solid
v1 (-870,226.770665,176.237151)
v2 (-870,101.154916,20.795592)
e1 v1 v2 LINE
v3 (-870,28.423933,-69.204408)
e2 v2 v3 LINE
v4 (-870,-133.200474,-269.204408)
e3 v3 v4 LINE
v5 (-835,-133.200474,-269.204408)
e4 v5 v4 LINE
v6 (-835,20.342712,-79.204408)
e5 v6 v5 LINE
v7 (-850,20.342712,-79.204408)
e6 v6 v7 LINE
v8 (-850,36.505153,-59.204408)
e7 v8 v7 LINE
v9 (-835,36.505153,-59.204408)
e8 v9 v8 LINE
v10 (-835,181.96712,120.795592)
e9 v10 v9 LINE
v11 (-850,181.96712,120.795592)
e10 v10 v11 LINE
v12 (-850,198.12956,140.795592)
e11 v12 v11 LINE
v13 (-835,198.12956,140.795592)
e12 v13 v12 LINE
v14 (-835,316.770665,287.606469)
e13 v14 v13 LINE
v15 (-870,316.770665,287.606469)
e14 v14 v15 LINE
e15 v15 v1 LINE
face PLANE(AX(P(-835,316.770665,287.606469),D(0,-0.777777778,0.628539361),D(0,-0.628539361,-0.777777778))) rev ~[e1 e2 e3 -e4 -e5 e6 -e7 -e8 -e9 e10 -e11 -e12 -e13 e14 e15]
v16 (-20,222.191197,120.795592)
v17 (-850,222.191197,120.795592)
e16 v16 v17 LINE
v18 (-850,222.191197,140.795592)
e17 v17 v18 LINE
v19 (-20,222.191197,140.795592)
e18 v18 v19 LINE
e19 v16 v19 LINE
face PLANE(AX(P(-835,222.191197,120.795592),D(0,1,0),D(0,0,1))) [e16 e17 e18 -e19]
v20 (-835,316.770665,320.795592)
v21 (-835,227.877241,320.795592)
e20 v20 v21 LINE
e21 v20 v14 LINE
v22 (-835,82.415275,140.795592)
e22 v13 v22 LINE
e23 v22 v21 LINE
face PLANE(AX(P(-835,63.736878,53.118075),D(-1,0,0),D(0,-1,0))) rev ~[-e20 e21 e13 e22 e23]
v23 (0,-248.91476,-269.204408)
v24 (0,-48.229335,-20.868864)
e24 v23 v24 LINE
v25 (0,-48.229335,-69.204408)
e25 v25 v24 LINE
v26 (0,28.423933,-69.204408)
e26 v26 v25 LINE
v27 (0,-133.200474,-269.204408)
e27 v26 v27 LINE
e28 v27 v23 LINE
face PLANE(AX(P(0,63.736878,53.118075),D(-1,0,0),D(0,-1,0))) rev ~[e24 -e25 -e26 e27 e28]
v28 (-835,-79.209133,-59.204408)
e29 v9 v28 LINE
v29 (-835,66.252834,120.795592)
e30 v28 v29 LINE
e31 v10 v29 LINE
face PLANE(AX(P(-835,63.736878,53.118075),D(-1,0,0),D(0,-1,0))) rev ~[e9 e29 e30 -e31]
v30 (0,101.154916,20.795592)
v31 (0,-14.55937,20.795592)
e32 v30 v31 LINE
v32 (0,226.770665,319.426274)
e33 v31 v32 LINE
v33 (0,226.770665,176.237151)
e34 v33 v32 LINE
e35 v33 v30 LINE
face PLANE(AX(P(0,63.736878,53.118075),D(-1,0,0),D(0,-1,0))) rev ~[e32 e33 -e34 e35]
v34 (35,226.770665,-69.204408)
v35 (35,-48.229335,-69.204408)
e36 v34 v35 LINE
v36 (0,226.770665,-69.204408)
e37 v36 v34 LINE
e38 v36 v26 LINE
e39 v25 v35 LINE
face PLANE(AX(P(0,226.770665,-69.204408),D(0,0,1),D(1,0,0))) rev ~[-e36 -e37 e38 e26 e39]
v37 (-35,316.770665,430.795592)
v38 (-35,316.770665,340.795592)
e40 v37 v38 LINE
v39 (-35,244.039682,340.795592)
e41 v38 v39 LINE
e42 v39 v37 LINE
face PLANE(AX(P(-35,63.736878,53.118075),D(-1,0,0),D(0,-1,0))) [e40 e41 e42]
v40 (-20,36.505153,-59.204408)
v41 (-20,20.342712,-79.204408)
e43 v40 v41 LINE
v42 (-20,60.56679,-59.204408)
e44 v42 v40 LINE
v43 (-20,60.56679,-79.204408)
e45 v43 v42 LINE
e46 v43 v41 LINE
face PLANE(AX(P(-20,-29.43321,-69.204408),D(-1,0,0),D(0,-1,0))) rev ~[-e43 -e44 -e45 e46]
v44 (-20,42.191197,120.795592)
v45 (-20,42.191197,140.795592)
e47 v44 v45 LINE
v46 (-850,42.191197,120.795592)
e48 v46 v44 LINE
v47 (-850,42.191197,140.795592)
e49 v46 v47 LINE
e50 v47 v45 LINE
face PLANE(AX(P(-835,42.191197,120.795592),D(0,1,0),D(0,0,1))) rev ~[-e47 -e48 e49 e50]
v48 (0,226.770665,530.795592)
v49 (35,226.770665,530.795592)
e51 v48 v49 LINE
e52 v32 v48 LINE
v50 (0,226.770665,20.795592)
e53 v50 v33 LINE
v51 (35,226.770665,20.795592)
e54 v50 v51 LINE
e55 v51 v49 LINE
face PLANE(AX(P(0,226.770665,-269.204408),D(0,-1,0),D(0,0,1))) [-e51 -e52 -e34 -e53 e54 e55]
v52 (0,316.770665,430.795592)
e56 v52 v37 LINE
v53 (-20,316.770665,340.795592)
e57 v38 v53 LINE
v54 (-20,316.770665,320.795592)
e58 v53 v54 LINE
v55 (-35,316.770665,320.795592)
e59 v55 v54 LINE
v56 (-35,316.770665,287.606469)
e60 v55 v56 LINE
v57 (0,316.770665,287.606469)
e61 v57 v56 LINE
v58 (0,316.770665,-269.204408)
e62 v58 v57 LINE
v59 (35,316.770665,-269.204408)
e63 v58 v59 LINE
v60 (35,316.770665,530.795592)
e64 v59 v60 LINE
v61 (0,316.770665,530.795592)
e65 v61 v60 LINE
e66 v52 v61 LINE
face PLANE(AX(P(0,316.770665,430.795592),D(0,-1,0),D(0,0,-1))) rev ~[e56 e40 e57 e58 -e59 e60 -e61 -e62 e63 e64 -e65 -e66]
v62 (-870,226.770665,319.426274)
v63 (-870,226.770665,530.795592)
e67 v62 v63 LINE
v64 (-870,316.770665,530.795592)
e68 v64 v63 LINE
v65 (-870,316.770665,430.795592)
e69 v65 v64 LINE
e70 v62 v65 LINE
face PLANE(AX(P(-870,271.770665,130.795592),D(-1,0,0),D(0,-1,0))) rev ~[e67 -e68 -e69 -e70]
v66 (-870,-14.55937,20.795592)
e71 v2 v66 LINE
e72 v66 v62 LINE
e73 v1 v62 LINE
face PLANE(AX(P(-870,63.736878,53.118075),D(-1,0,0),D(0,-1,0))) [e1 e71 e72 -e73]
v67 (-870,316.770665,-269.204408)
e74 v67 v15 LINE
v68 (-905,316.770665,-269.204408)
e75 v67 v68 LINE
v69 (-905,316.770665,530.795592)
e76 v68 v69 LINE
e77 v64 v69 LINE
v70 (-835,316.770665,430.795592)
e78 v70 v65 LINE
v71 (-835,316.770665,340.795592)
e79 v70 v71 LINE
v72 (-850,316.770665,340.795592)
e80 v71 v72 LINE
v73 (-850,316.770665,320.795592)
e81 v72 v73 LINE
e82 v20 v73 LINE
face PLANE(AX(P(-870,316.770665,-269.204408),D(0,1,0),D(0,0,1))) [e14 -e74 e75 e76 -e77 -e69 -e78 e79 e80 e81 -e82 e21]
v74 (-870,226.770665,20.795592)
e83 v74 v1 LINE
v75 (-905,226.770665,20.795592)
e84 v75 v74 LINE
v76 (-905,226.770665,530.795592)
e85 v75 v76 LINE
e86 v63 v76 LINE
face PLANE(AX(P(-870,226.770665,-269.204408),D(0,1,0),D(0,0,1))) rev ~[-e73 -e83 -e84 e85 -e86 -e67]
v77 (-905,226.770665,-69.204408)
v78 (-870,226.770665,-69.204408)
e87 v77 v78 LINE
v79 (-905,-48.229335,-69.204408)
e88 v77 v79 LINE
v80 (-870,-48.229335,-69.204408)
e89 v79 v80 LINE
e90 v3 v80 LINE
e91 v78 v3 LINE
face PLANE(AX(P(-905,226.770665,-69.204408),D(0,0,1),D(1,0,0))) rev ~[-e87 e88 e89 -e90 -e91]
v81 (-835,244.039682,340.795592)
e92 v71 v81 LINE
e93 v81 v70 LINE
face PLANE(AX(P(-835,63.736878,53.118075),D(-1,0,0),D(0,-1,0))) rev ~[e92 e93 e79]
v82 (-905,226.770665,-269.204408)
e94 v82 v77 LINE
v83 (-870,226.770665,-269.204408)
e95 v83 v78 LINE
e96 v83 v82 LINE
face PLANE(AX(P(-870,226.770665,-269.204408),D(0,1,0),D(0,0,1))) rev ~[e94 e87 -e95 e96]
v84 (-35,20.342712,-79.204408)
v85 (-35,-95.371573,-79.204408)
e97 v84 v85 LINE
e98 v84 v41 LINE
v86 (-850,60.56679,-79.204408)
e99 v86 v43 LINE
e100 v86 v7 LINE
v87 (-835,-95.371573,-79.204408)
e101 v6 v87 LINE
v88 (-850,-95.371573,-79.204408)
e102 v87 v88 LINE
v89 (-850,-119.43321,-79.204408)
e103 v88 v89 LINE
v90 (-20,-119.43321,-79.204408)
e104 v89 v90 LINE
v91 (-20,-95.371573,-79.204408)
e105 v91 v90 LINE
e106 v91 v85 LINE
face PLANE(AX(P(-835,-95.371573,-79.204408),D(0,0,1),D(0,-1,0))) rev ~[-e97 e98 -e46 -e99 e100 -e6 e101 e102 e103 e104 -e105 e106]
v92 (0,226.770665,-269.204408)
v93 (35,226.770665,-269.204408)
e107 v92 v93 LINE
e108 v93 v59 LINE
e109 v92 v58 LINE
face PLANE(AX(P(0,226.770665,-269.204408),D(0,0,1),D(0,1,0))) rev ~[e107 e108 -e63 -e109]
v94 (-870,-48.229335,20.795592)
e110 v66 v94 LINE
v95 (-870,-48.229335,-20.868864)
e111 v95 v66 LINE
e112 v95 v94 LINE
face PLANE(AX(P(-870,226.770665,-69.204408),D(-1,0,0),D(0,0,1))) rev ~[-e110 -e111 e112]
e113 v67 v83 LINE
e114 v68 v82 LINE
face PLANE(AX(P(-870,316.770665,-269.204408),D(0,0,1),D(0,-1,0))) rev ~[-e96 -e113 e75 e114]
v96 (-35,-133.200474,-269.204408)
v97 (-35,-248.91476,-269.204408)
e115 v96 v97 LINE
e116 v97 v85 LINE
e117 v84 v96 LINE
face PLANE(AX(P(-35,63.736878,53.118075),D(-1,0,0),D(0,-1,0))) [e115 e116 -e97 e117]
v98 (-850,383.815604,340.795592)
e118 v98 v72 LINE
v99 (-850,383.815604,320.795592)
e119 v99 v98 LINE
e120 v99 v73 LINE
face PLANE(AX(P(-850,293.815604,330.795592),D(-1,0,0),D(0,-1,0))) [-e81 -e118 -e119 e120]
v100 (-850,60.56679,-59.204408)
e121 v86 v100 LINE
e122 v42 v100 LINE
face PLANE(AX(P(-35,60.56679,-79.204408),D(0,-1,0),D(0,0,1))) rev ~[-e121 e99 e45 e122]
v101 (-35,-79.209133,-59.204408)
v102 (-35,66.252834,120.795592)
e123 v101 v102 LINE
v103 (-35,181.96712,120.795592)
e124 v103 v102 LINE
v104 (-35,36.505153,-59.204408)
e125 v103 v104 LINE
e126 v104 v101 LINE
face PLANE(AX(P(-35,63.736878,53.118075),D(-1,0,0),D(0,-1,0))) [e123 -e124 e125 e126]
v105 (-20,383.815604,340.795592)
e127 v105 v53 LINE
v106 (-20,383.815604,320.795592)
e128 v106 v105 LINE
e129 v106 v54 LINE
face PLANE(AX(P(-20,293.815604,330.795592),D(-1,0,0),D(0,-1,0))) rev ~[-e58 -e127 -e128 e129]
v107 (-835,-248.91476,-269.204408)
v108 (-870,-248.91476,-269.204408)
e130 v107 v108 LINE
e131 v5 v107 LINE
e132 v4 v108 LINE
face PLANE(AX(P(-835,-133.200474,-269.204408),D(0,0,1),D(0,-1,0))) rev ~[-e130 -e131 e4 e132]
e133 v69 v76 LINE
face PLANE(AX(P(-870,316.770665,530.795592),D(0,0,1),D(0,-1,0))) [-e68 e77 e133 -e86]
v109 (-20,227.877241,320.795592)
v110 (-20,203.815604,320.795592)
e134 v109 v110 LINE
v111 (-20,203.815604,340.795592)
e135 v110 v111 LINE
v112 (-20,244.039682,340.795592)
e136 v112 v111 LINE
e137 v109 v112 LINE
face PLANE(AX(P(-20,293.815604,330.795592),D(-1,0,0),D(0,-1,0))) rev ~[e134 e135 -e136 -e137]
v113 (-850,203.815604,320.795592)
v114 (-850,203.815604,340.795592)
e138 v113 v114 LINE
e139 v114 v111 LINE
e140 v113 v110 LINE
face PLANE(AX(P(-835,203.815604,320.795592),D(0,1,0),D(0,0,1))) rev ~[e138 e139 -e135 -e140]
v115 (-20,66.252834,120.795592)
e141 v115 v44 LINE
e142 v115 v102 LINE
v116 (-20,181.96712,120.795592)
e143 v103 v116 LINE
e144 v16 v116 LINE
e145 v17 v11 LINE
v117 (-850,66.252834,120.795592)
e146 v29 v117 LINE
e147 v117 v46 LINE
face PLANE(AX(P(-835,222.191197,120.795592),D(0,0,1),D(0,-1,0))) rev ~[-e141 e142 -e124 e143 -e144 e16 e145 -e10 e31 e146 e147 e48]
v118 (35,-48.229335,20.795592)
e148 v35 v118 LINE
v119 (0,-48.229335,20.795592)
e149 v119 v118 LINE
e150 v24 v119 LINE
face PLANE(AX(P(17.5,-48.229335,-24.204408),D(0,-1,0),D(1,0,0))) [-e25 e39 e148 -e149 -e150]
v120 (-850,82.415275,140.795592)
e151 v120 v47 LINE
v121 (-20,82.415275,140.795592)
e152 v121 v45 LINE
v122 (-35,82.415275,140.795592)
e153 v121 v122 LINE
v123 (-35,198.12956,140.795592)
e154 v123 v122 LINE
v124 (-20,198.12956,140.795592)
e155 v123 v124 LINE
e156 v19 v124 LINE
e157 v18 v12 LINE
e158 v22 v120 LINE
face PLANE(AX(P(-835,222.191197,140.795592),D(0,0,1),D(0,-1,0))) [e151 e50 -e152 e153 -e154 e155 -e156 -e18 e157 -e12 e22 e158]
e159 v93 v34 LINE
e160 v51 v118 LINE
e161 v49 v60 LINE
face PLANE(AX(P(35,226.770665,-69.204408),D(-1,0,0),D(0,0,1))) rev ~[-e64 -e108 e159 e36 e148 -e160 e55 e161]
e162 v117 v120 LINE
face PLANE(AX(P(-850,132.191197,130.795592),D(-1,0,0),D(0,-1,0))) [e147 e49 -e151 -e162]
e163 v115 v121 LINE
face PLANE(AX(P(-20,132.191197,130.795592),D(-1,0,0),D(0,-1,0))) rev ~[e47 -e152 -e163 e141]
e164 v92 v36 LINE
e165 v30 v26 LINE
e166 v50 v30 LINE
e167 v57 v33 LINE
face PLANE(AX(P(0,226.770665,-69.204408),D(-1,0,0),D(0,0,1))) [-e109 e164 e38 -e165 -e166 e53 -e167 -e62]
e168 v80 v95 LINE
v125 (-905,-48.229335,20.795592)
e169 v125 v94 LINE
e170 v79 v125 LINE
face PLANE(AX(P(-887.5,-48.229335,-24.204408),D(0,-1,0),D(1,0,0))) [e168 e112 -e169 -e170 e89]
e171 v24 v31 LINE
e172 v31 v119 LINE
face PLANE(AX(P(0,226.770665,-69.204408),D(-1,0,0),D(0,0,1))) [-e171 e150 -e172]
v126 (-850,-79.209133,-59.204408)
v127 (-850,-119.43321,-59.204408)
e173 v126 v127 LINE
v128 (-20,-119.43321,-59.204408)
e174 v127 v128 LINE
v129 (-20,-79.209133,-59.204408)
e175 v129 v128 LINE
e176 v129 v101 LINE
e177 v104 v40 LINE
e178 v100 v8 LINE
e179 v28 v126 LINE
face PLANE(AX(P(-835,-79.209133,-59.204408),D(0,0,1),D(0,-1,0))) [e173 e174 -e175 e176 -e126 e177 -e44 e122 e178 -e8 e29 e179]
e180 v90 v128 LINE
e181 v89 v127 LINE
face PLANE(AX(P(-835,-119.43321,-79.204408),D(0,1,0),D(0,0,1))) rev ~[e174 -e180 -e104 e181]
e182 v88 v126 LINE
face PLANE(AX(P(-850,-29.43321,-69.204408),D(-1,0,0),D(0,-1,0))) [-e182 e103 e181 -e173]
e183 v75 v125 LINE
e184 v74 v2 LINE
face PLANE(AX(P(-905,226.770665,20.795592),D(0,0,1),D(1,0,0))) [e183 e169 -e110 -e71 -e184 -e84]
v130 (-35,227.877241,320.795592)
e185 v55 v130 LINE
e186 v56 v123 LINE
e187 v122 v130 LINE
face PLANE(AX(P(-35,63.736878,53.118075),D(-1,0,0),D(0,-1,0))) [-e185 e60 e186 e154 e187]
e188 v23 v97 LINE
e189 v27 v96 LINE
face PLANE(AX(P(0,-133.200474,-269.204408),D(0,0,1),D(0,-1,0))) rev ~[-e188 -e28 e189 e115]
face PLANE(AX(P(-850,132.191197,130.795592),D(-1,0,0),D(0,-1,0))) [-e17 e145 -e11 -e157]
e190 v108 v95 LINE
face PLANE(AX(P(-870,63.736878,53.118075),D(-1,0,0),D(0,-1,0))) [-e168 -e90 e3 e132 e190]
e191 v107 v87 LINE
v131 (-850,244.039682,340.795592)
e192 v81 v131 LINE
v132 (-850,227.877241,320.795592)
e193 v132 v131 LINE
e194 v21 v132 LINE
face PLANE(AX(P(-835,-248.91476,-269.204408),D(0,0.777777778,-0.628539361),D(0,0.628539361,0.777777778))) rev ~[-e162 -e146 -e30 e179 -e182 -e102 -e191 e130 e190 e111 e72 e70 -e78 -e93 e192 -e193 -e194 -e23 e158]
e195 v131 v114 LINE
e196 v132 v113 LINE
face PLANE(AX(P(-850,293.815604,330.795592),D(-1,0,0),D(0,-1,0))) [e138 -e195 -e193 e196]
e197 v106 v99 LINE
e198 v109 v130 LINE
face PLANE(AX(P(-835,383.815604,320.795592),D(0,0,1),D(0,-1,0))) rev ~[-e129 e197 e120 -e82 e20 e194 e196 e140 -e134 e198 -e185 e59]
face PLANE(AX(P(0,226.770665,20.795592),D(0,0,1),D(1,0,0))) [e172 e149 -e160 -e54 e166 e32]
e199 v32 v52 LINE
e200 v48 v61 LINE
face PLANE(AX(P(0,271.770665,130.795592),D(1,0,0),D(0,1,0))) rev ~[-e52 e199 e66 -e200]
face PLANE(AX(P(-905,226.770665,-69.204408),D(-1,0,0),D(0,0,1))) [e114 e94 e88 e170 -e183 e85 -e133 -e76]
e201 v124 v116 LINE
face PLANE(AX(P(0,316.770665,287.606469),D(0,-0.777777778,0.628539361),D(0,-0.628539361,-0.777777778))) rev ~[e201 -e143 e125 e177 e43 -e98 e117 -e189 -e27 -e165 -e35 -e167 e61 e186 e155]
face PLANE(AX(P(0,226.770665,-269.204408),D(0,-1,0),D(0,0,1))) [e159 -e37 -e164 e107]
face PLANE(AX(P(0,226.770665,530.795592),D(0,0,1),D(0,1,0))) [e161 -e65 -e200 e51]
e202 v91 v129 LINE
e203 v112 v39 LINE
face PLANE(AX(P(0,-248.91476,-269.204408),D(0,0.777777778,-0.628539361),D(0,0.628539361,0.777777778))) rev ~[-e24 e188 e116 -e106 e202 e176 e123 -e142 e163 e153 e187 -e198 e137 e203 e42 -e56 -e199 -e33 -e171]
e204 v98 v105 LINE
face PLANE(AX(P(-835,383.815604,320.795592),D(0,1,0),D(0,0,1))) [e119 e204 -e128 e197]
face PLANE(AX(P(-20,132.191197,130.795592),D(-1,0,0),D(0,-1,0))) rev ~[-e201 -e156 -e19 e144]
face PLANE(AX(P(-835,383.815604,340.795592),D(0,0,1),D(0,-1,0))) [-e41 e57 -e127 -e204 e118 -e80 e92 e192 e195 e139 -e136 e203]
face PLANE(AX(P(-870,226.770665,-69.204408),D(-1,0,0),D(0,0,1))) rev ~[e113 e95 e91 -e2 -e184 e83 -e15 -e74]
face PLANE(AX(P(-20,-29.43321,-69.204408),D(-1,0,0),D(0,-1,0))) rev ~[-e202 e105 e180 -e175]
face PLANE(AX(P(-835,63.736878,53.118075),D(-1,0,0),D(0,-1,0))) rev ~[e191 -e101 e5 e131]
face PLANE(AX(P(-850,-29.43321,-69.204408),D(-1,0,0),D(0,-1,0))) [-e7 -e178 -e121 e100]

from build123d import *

# Parameters (mm, degrees)
F0_W      = 90
F0_H      = 800
F1_DEPTH  = 35
F3_DEPTH  = 35
F5_W      = 180
F5_H      = 20
F6_DEPTH  = 800
F9_DEPTH  = 35
F10_W     = 90
F10_H     = 800
F11_DEPTH = 35
F12_W     = 35
F12_H     = 90
F13_DEPTH = 275
F4_W      = 35
F4_H      = 90
F14_DEPTH = 275
F15_DEPTH = 15
F16_DEPTH = 15
F17_DEPTH = 15
F18_DEPTH = 15
F19_DEPTH = 15
F20_DEPTH = 15


with BuildPart() as f1:
    # F0 (on Right) → F1 (new body)
    with BuildSketch(Plane.YZ):
        with Locations((271.7706648815, 130.7955920696)):
            Rectangle(F0_W, F0_H)
    extrude(amount=F1_DEPTH)

    # F2 (on face) → F3 (join)
    with BuildSketch(Plane(origin=(0, 0, 0), x_dir=(0, -1, 0), z_dir=(-1, 0, 0))):
        Polygon((248.9147600678, -269.2044079304), (-316.7706648815, 430.7955920696), (-316.7706648815, 287.6064688794), (-84.349539787, 0), (133.2004743535, -269.2044079304), align=None)
    extrude(amount=F3_DEPTH)

    # F5 (on face) → F6 (join)
    with BuildSketch(Plane(origin=(-35, 0, 0), x_dir=(0, -1, 0), z_dir=(-1, 0, 0))):
        with Locations((29.4332100823, -69.2044079304)):
            Rectangle(F5_W, F5_H)
        with Locations((-293.8156041744, 330.7955920696)):
            Rectangle(F5_W, F5_H)
        with Locations((-132.1911970461, 130.7955920696)):
            Rectangle(F5_W, F5_H)
    extrude(amount=F6_DEPTH)

    # F8 (on face) → F9 (join)
    with BuildSketch(Plane(origin=(-835, 0, 0), x_dir=(0, -1, 0), z_dir=(-1, 0, 0))):
        Polygon((-316.7706648815, 430.7955920696), (-316.7706648815, 287.6064688794), (133.2004743535, -269.2044079304), (248.9147600678, -269.2044079304), align=None)
    extrude(amount=F9_DEPTH)

    # F10 (on face) → F11 (join)
    with BuildSketch(Plane(origin=(-870, 0, 0), x_dir=(0, -1, 0), z_dir=(-1, 0, 0))):
        with Locations((-271.7706648815, 130.7955920696)):
            Rectangle(F10_W, F10_H)
    extrude(amount=F11_DEPTH)

    # F12 (on face) → F13 (join)
    with BuildSketch(Plane.XZ.offset(-226.7706648815)):
        with Locations((-887.5, -24.2044079304)):
            Rectangle(F12_W, F12_H)
    extrude(amount=F13_DEPTH)

    # F4 (on face) → F14 (join)
    with BuildSketch(Plane.XZ.offset(-226.7706648815)):
        with Locations((17.5, -24.2044079304)):
            Rectangle(F4_W, F4_H)
    extrude(amount=F14_DEPTH)

    # F5 (on face) → F15 (join)
    with BuildSketch(Plane(origin=(-35, 0, 0), x_dir=(0, -1, 0), z_dir=(-1, 0, 0))):
        with Locations((29.4332100823, -69.2044079304)):
            Rectangle(F5_W, F5_H)
        with Locations((-293.8156041744, 330.7955920696)):
            Rectangle(F5_W, F5_H)
        with Locations((-132.1911970461, 130.7955920696)):
            Rectangle(F5_W, F5_H)
    extrude(amount=-F15_DEPTH)

    # F16 (add): a face of the model
    f16_faces = [f1.faces().sort_by_distance(p)[0] for p in [
        (-835, 58.6012499561, 131.633644551),
    ]]
    extrude(f16_faces, amount=F16_DEPTH)

    # F17 (add): a face of the model
    f17_faces = [f1.faces().sort_by_distance(p)[0] for p in [
        (-835, 205.781144136, 129.9575395882),
    ]]
    extrude(f17_faces, amount=F17_DEPTH)

    # F18 (add): a face of the model
    f18_faces = [f1.faces().sort_by_distance(p)[0] for p in [
        (-835, 220.2256570845, 331.633644551),
    ]]
    extrude(f18_faces, amount=F18_DEPTH)

    # F19 (add): a face of the model
    f19_faces = [f1.faces().sort_by_distance(p)[0] for p in [
        (-835, 350.293134528, 330.7955920696),
    ]]
    extrude(f19_faces, amount=F19_DEPTH)

    # F20 (add): faces of the model
    f20_faces = [f1.faces().sort_by_distance(p)[0] for p in [
        (-835, -103.0231571722, -68.366355449),
        (-835, 44.1567370077, -70.0424604118),
    ]]
    extrude(f20_faces, amount=F20_DEPTH)


solid = f1.part
